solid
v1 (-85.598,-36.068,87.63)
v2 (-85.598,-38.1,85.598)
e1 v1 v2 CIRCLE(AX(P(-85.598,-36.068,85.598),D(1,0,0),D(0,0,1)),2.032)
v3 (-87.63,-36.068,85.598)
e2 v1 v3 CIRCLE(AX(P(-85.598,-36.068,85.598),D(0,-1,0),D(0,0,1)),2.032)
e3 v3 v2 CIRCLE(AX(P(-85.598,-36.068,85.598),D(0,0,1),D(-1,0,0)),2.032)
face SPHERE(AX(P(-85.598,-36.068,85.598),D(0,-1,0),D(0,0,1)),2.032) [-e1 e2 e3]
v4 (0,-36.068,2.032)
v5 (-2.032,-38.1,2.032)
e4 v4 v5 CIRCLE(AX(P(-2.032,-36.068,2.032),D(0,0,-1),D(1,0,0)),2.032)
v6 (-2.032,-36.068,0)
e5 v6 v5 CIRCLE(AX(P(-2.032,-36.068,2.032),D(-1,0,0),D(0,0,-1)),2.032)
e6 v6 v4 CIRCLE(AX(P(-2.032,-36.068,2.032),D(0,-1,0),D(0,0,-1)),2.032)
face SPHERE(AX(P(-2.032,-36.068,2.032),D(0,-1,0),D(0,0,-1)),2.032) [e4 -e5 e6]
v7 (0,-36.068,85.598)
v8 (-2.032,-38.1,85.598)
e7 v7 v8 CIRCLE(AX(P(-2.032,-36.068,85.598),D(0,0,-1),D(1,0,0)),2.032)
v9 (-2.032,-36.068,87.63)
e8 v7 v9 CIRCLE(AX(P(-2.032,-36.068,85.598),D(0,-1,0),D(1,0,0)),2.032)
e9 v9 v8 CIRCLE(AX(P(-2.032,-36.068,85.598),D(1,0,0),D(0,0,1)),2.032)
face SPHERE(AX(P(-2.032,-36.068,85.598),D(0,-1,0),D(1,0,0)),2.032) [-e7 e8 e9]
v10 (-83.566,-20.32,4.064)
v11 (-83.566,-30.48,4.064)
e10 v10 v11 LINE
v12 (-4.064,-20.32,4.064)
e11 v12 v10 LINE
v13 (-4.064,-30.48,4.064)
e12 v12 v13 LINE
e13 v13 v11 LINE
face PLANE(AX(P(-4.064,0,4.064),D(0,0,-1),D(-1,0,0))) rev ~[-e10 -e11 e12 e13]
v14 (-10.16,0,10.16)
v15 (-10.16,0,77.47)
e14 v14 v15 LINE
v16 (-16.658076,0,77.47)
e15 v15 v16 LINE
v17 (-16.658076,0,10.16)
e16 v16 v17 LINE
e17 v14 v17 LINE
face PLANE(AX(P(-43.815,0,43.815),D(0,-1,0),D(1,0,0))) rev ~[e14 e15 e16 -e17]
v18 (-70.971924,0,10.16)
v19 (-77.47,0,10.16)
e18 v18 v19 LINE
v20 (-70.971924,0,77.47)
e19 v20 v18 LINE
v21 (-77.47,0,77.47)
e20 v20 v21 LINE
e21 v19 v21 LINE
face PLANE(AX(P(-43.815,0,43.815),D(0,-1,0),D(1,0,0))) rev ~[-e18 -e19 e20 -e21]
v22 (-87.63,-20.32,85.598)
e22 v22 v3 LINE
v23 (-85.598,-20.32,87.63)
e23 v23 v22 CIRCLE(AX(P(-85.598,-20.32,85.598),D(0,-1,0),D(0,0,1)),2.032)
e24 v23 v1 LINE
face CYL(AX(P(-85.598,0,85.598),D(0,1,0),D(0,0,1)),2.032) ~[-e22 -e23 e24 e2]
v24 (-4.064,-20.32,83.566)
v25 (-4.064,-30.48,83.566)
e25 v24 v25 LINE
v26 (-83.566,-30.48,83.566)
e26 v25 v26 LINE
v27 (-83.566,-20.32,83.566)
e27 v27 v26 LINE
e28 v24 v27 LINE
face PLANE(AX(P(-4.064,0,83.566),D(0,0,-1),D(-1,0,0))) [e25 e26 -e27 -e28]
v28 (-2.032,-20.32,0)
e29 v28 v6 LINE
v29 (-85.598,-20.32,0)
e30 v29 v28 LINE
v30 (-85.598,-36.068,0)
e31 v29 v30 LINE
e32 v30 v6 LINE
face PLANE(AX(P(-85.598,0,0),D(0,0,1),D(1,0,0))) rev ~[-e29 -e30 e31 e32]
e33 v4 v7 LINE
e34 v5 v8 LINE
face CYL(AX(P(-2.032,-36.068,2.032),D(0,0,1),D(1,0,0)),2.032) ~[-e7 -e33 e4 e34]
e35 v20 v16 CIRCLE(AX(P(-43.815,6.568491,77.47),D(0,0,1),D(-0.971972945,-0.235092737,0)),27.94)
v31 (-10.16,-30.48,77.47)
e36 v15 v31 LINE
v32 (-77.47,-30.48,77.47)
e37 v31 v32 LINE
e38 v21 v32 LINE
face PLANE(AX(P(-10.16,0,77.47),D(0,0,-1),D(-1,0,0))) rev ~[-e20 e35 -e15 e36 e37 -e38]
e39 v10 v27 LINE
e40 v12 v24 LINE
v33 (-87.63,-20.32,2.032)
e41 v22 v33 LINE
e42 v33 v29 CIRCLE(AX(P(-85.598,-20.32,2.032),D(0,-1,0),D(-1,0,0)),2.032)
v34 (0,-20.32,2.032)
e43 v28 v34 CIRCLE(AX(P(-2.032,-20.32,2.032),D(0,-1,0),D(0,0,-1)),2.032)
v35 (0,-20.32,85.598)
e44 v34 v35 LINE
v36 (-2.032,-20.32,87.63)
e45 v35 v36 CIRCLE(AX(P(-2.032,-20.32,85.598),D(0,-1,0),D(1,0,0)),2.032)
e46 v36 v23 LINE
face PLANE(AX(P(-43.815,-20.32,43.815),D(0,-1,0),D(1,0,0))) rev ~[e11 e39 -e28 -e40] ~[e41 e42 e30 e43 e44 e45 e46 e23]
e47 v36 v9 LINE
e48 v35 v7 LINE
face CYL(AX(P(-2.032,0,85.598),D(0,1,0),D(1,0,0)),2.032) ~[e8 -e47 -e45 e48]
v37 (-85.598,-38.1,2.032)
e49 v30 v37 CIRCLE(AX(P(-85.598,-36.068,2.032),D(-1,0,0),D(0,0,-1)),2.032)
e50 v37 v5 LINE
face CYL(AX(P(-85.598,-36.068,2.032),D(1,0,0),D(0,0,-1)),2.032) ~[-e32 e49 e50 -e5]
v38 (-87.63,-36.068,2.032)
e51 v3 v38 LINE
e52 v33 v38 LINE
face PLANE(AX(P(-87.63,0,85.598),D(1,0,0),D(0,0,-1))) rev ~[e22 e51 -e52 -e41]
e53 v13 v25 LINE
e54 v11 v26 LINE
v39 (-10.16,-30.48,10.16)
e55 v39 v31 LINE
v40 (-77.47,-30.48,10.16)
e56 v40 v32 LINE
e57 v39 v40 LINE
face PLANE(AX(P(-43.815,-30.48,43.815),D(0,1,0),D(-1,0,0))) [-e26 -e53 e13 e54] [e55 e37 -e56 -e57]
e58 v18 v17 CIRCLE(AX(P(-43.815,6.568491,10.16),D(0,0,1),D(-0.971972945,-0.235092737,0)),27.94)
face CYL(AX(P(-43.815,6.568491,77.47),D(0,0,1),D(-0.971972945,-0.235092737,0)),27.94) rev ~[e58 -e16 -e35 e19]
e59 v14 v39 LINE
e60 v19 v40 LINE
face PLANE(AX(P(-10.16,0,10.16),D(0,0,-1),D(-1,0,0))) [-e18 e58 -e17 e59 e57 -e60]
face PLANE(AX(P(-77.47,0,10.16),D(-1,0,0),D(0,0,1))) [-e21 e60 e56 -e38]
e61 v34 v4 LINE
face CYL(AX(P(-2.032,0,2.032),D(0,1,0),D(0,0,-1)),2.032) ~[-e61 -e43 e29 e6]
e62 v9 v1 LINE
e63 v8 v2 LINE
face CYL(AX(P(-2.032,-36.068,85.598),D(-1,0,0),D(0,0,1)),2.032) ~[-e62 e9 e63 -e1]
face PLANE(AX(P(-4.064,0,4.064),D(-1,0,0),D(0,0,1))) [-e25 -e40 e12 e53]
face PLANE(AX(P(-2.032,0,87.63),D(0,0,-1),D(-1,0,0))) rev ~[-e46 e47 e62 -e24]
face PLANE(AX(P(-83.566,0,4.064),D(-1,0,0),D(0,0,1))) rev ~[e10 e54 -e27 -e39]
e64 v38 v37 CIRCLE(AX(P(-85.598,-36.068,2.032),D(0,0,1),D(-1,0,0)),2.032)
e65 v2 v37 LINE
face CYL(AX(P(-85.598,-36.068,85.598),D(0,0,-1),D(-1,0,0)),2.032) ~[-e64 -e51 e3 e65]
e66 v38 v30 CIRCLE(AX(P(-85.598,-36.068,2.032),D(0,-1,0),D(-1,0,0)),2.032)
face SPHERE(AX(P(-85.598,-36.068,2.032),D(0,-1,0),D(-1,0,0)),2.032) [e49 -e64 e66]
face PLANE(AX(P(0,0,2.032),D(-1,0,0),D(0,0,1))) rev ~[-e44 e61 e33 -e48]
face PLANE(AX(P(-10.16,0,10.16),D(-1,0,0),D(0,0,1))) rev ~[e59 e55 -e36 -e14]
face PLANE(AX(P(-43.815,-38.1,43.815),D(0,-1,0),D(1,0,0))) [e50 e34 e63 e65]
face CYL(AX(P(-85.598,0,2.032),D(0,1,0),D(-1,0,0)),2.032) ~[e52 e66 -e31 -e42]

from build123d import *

# Parameters (mm, degrees)
F1_DEPTH = 38.1
F2_W     = 79.502
F2_H     = 79.502
F2_W_2   = 67.31
F2_H_2   = 67.31
F3_DEPTH = 30.48
F4_DEPTH = 20.32
F6_DEPTH = 67.31
F7_R     = 2.032


with BuildPart() as f1:
    # F0 (on Front) → F1 (new body)
    with BuildSketch(Plane.XZ):
        with BuildLine():
            Line((-85.598, 0), (-2.032, 0))
            ThreePointArc((-2.032, 0), (-0.5951590206, 0.5951590206), (0, 2.032))
            Line((0, 2.032), (0, 85.598))
            ThreePointArc((0, 85.598), (-0.5951590206, 87.0348409794), (-2.032, 87.63))
            Line((-2.032, 87.63), (-85.598, 87.63))
            ThreePointArc((-85.598, 87.63), (-87.0348409794, 87.0348409794), (-87.63, 85.598))
            Line((-87.63, 85.598), (-87.63, 2.032))
            ThreePointArc((-87.63, 2.032), (-87.0348409794, 0.5951590206), (-85.598, 0))
        make_face()
    extrude(amount=F1_DEPTH)

    # F2 (on face) → F3 (cut)
    with BuildSketch(Plane(origin=(0, 0, 0), x_dir=(-1, 0, 0), z_dir=(0, 1, 0))):
        with Locations((43.815, 43.815)):
            Rectangle(F2_W, F2_H)
        with Locations((43.815, 43.815)):
            Rectangle(F2_W_2, F2_H_2, mode=Mode.SUBTRACT)
    extrude(amount=-F3_DEPTH, mode=Mode.SUBTRACT)

    # F4 (cut): a face of the model
    f4_faces = [f1.faces().sort_by_distance(p)[0] for p in [
        (-43.815, 0, 1.2392753447),
    ]]
    extrude(f4_faces, amount=-F4_DEPTH, mode=Mode.SUBTRACT)

    # F5 (on face) → F6 (cut, through all)
    with BuildSketch(Plane.XY.offset(77.47)):
        with BuildLine():
            Line((-16.658075929, 0), (-70.971924071, 0))
            ThreePointArc((-70.971924071, 0), (-43.815, -21.3715089252), (-16.658075929, 0))
        make_face()
    extrude(amount=-F6_DEPTH, mode=Mode.SUBTRACT)

    # F7
    f7_edges = [f1.edges().sort_by_distance(p)[0] for p in [
        (-43.815, -38.1, 0),
        (-0.595159, -38.1, 0.595159),
        (0, -38.1, 43.815),
        (-0.595159, -38.1, 87.034841),
        (-43.815, -38.1, 87.63),
        (-87.034841, -38.1, 87.034841),
        (-87.63, -38.1, 43.815),
        (-87.034841, -38.1, 0.595159),
    ]]
    fillet(f7_edges, radius=F7_R)


solid = f1.part
